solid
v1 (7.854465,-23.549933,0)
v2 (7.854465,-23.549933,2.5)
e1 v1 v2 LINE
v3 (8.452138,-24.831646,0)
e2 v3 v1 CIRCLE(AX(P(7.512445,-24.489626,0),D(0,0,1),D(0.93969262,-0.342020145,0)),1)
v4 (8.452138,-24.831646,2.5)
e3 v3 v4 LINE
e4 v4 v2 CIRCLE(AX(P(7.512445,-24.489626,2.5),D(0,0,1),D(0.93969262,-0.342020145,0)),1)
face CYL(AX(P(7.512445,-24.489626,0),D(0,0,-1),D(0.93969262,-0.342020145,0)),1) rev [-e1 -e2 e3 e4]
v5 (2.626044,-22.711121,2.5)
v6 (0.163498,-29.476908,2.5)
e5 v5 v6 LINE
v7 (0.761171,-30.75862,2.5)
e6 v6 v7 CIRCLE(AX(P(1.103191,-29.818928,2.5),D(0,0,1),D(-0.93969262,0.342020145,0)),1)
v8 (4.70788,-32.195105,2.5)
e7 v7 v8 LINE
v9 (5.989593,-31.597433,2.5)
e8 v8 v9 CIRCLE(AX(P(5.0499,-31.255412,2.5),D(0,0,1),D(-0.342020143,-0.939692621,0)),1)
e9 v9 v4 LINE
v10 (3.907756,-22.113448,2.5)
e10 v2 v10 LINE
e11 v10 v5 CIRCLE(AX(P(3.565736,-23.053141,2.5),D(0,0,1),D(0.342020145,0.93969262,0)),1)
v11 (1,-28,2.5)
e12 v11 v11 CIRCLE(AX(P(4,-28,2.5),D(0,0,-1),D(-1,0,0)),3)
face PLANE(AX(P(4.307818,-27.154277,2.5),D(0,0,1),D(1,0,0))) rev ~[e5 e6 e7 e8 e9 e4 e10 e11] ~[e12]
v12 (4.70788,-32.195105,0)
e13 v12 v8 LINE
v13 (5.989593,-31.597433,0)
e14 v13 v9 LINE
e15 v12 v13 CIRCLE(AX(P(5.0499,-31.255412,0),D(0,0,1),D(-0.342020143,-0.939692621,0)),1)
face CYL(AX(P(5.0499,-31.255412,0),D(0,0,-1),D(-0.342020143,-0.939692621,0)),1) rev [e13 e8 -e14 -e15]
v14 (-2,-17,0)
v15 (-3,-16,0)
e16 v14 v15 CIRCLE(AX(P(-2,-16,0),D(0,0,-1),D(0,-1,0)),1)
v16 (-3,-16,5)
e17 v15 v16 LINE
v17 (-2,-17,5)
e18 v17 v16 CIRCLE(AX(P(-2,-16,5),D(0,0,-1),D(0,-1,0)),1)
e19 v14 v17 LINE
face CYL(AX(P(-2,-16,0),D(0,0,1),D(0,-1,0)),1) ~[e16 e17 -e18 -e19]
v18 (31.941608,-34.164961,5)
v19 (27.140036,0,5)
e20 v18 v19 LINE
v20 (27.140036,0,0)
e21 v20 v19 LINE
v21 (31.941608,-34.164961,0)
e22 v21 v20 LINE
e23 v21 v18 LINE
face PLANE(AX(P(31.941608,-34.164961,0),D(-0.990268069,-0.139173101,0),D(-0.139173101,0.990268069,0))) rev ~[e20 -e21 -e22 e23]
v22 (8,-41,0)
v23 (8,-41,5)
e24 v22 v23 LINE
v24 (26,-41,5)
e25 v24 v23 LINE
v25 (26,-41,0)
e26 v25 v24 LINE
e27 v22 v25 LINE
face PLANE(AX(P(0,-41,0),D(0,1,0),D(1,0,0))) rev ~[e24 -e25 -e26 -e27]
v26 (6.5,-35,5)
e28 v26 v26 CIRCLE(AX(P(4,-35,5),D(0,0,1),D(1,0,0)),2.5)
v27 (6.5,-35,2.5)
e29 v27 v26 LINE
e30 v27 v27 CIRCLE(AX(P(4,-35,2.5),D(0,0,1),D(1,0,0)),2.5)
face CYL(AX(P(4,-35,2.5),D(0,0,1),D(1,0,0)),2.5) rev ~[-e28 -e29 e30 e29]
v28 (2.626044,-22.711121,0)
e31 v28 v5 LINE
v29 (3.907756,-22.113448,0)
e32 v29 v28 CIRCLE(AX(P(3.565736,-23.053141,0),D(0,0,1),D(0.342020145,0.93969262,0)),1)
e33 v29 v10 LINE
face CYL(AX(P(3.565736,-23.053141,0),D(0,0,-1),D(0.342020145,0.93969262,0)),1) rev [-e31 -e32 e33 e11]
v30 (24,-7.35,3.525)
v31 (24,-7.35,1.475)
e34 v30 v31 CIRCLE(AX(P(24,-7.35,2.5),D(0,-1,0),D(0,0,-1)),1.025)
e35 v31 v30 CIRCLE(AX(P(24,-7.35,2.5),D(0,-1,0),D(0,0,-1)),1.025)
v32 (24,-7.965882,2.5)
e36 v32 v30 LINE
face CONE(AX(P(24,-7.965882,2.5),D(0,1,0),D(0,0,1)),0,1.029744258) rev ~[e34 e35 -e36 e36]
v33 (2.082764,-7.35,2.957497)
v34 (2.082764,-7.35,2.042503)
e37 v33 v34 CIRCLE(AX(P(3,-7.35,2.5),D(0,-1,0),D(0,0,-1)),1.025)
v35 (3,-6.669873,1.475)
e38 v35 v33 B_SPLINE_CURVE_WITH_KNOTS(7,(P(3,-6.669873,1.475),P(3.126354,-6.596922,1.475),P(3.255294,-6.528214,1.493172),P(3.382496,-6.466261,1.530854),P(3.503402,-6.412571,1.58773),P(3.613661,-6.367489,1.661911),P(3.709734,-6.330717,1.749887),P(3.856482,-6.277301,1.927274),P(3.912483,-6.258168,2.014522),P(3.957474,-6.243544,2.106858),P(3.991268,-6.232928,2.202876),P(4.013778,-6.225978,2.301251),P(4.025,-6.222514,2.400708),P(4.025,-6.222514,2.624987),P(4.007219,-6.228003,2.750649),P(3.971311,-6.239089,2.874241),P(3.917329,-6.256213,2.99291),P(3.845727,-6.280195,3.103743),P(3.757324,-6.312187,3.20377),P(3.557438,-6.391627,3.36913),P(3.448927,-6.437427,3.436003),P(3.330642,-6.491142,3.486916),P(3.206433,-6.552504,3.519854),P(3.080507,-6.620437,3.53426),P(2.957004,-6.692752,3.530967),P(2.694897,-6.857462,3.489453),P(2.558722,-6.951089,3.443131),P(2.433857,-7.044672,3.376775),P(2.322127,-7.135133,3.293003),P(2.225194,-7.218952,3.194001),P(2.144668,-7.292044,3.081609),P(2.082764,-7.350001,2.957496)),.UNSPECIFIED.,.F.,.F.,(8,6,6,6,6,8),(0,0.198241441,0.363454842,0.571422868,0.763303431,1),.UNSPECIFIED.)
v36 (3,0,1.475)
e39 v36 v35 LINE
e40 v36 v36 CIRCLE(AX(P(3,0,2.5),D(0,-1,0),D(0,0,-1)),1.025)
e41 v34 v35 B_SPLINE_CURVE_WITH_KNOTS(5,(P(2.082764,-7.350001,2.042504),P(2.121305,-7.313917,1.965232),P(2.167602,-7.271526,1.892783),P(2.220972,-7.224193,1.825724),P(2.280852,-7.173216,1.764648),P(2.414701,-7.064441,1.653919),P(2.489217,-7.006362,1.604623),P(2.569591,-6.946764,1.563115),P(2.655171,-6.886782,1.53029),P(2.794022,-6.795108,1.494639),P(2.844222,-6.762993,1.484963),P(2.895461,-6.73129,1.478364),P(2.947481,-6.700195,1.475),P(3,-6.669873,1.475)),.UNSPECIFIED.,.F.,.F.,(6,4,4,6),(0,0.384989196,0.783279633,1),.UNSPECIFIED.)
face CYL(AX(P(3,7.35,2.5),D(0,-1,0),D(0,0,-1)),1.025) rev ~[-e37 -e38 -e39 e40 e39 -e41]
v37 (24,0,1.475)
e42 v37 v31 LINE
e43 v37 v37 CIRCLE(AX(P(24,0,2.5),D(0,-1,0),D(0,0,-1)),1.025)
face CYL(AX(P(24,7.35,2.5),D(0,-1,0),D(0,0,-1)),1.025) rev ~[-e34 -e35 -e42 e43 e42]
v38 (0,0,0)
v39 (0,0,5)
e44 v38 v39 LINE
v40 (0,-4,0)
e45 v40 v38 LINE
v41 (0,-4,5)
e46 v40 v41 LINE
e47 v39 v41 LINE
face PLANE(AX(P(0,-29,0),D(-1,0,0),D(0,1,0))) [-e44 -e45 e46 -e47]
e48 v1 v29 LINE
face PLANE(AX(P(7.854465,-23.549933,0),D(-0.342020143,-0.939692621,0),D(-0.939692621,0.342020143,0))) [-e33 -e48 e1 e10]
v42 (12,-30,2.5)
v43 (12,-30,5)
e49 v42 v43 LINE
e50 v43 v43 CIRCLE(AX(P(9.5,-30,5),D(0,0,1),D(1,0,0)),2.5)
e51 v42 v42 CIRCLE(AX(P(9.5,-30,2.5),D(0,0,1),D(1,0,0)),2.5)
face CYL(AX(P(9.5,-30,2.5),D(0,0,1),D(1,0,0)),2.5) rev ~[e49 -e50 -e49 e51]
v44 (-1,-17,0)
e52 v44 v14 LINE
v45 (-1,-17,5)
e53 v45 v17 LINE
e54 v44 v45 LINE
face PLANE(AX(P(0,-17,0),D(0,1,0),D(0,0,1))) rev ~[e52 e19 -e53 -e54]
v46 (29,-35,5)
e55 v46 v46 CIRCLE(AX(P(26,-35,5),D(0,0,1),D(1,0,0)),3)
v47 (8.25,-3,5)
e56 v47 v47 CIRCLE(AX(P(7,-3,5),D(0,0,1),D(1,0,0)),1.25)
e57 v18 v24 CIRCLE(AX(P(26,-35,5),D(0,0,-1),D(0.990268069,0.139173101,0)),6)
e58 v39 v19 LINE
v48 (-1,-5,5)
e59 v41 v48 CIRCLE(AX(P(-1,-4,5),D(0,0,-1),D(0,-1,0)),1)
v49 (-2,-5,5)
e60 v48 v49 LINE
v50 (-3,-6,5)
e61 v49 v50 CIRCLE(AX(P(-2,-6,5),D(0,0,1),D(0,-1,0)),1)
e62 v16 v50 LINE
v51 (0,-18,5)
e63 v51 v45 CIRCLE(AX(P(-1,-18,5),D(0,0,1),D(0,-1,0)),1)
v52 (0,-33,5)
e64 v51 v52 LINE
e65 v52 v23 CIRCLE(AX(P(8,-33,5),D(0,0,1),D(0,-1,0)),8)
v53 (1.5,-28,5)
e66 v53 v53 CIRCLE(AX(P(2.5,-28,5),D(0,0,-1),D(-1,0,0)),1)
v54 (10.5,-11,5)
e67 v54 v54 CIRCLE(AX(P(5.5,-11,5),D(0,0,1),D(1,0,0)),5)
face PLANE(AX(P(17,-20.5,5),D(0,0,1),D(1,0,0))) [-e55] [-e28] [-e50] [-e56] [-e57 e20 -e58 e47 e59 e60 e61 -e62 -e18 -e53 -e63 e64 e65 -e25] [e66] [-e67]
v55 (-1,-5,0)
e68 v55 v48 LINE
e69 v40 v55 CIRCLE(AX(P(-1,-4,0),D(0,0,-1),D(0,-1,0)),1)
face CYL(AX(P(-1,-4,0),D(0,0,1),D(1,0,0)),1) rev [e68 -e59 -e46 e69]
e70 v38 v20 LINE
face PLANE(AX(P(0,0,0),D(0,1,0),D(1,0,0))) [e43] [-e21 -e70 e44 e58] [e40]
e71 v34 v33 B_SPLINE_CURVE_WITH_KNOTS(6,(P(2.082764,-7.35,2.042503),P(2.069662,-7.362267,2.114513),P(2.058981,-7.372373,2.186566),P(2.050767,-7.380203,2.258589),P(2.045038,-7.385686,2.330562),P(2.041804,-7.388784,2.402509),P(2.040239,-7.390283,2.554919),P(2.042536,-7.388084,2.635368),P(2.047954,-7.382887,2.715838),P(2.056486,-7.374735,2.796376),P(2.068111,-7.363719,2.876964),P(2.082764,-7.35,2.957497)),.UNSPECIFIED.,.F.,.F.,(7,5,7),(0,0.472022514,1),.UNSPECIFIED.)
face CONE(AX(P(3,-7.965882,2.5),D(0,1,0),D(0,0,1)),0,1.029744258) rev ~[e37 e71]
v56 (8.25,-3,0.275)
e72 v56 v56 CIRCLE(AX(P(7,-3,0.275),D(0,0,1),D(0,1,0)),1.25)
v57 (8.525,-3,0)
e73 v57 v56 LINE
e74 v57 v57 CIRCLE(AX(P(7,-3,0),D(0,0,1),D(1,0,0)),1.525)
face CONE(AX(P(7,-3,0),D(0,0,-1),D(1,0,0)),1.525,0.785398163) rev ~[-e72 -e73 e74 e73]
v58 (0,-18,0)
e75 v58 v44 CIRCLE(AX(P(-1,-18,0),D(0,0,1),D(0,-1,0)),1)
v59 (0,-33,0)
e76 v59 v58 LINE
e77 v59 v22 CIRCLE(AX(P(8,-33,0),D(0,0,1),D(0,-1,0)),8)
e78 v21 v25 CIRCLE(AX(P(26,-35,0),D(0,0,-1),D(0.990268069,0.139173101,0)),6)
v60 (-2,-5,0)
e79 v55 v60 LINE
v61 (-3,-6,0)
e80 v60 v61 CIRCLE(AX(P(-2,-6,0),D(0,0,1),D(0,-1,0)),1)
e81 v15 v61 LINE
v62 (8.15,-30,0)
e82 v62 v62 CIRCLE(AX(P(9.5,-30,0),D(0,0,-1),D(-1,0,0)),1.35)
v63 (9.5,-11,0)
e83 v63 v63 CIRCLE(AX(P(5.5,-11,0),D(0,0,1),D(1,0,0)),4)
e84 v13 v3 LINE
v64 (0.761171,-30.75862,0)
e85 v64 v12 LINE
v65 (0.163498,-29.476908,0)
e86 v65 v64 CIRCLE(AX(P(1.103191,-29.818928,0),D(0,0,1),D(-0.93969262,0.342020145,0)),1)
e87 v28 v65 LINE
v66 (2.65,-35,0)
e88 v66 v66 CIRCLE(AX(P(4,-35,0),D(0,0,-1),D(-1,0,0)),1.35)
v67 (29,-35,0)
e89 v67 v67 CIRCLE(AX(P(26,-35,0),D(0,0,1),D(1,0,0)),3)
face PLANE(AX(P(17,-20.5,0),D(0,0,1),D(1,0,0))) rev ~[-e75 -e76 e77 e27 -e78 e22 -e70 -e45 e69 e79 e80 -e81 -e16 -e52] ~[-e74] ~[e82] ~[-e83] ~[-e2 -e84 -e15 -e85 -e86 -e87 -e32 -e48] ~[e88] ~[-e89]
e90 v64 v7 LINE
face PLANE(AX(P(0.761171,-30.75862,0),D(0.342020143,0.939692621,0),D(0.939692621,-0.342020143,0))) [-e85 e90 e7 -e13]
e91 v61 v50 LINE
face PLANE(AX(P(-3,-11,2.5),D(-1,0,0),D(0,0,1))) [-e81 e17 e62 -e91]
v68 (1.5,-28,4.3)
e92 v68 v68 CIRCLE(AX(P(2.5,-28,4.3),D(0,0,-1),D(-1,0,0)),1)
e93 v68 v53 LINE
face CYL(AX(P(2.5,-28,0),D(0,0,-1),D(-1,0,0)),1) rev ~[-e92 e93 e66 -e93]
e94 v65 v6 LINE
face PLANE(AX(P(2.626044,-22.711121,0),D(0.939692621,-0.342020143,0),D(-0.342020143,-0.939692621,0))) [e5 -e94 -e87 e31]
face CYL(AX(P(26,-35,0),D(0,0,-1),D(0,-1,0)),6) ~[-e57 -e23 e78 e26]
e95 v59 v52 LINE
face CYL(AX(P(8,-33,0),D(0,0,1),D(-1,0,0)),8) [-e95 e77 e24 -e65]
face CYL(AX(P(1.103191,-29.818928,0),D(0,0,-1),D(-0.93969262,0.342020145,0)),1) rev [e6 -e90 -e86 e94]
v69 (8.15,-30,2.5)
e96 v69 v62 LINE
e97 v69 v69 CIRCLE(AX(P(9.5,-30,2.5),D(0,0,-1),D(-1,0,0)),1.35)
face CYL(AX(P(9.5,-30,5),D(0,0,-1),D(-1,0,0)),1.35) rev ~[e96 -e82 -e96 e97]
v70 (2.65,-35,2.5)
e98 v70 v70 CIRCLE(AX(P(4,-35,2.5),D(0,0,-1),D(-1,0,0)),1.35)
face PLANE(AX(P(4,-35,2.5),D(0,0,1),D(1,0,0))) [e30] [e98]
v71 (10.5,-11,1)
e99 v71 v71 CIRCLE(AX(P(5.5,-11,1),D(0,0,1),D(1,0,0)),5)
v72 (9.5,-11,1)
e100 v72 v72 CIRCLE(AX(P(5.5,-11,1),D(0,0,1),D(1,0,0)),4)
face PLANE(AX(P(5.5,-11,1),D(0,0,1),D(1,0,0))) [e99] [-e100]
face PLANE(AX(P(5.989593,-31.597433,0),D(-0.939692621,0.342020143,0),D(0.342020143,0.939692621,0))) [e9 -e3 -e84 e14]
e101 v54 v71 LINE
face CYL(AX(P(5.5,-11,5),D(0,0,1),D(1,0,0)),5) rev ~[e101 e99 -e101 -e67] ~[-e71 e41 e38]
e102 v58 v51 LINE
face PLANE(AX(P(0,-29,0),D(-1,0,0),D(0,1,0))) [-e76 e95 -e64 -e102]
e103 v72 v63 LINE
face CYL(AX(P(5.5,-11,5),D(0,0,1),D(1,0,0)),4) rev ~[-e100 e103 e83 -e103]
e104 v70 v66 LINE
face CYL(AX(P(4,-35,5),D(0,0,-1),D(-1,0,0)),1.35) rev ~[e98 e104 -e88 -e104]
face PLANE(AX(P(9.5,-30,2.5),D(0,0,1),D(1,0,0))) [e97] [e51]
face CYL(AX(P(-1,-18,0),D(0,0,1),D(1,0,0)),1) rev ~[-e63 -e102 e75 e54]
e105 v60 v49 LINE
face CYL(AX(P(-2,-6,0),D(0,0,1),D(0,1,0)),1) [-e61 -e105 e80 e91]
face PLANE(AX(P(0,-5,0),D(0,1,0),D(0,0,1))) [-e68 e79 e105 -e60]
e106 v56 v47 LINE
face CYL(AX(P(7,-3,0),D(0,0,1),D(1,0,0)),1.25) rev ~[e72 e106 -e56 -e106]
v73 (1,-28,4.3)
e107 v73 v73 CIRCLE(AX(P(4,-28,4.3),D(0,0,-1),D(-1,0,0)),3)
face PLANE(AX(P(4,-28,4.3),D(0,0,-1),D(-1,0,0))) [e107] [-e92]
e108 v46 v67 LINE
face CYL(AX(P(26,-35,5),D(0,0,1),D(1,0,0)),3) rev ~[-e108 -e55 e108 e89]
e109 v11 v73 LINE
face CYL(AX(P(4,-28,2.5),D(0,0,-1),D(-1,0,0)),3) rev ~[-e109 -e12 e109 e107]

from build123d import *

# Parameters (mm, degrees)
SKETCH_1_W                                           = 34
SKETCH_1_H                                           = 41
EXTRUDE_1_DEPTH                                      = 5
FILLET_1_R                                           = 8
SKETCH_2_R                                           = 3
CUT_EXTRUDE_2_DEPTH                                  = 5
SKETCH_3_R                                           = 4
CUT_EXTRUDE_3_DEPTH                                  = 5
SKETCH_4_R                                           = 5
CUT_EXTRUDE_4_DEPTH                                  = 4
HOLE_WIZARD_M2_5_1_D                                 = 2.05
HOLE_WIZARD_M2_5_1_DEPTH                             = 7.35
HOLE_WIZARD_M2_5_1_TIP                               = 0.615882135
CUT_EXTRUDE_5_DEPTH                                  = 5
EXTRUDE1_DEPTH                                       = 5
SKETCH_8_R                                           = 1
CUT_EXTRUDE_6_DEPTH                                  = 5
CUT_EXTRUDE_7_DEPTH                                  = 2.5
SKETCH_10_R                                          = 3
CUT_EXTRUDE_8_DEPTH                                  = 1.8
CBORE_FOR_M2_5_HEXAGON_SOCKET_HEAD_CAP_S_D           = 2.7
CBORE_FOR_M2_5_HEXAGON_SOCKET_HEAD_CAP_S_CBORE_D     = 5
CBORE_FOR_M2_5_HEXAGON_SOCKET_HEAD_CAP_S_CBORE_DEPTH = 2.5
CBORE_FOR_M2_5_HEXAGON_SOCKET_HEAD_C_2_D             = 2.7
CBORE_FOR_M2_5_HEXAGON_SOCKET_HEAD_C_2_CBORE_D       = 5
CBORE_FOR_M2_5_HEXAGON_SOCKET_HEAD_C_2_CBORE_DEPTH   = 2.5
SKETCH_20_W                                          = 5
SKETCH_20_H                                          = 12
EXTRUDE_1_2_DEPTH                                    = 3
FILLET_2_R                                           = 1
M3X0_5_1_D                                           = 2.5
M3X0_5_1_CSINK_D                                     = 3.05
M3X0_5_1_CSINK_ANGLE                                 = 90


with BuildPart() as part:
    # 草图1 → Extrude 1 (new body)
    with BuildSketch(Plane.XY):
        with Locations((17, -20.5)):
            Rectangle(SKETCH_1_W, SKETCH_1_H)
    extrude(amount=EXTRUDE_1_DEPTH)

    # 圆角1
    fillet_1_edges = [part.edges().sort_by_distance(p)[0] for p in [
        (0, -41, 2.5),
    ]]
    fillet(fillet_1_edges, radius=FILLET_1_R)

    # 草图2 → 拉伸2 (cut)
    with BuildSketch(Plane.XY.offset(5)):
        with Locations((26, -35)):
            Circle(SKETCH_2_R)
    extrude(amount=-CUT_EXTRUDE_2_DEPTH, mode=Mode.SUBTRACT)

    # 草图3 → 拉伸3 (cut)
    with BuildSketch(Plane.XY.offset(5)):
        with Locations((5.5, -11)):
            Circle(SKETCH_3_R)
    extrude(amount=-CUT_EXTRUDE_3_DEPTH, mode=Mode.SUBTRACT)

    # 草图4 → 拉伸4 (cut)
    with BuildSketch(Plane.XY.offset(5)):
        with Locations((5.5, -11)):
            Circle(SKETCH_4_R)
    extrude(amount=-CUT_EXTRUDE_4_DEPTH, mode=Mode.SUBTRACT)

    # M2.5 螺纹孔1
    with Locations(Plane(origin=(3, 0, 2.5), x_dir=(0, 0, 1), z_dir=(0, 1, 0))):
        with Locations((0, 0), (0, 21)):
            Hole(HOLE_WIZARD_M2_5_1_D / 2, depth=HOLE_WIZARD_M2_5_1_DEPTH)
            with Locations((0, 0, -(HOLE_WIZARD_M2_5_1_DEPTH + HOLE_WIZARD_M2_5_1_TIP / 2))):  # 118° drill point
                Cone(0, HOLE_WIZARD_M2_5_1_D / 2, HOLE_WIZARD_M2_5_1_TIP, mode=Mode.SUBTRACT)

    # 草图7 → 拉伸5 (cut)
    with BuildSketch(Plane(origin=(0, 0, 0), x_dir=(-1, 0, 0), z_dir=(0, 0, -1))):
        with BuildLine():
            Line((-31.941608412, -34.164961394), (-27.140036221, 0))
            Line((-27.140036221, 0), (-34, 0))
            Line((-34, 0), (-34, -41))
            Line((-34, -41), (-26, -41))
            ThreePointArc((-26, -41), (-30.528257481, -38.936354174), (-31.941608412, -34.164961394))
        make_face()
    extrude(amount=-CUT_EXTRUDE_5_DEPTH, mode=Mode.SUBTRACT)

    # Sketch1 → Extrude1 (add)
    with BuildSketch(Plane(origin=(0, 0, 0), x_dir=(-1, 0, 0), z_dir=(0, 0, -1))):
        with BuildLine():
            Line((-26, -41), (-12, -41))
            ThreePointArc((-12, -41), (-3.514718626, -37.485281374), (0, -29))
            Line((0, -29), (0, -28.019790857))
            Line((0, -28.019790857), (-29.441458618, -39.914912266))
            ThreePointArc((-29.441458618, -39.914912266), (-27.804234797, -40.722301704), (-26, -41))
        make_face()
    extrude(amount=-EXTRUDE1_DEPTH)

    # 草图8 → 拉伸6 (cut)
    with BuildSketch(Plane(origin=(0, 0, 0), x_dir=(-1, 0, 0), z_dir=(0, 0, -1))):
        with Locations((-2.5, -28)):
            Circle(SKETCH_8_R)
    extrude(amount=-CUT_EXTRUDE_6_DEPTH, mode=Mode.SUBTRACT)

    # 草图9 → 拉伸7 (cut)
    with BuildSketch(Plane(origin=(0, 0, 0), x_dir=(-1, 0, 0), z_dir=(0, 0, -1))):
        with BuildLine():
            Line((-0.761170966, -30.758620396), (-4.707879973, -32.195104998))
            ThreePointArc((-4.707879973, -32.195104998), (-5.472518378, -32.161720164), (-5.989592737, -31.59743252))
            Line((-5.989592737, -31.59743252), (-8.452137769, -24.831645651))
            ThreePointArc((-8.452137769, -24.831645651), (-8.418752936, -24.067007246), (-7.854465292, -23.549932887))
            Line((-7.854465292, -23.549932887), (-3.907756285, -22.113448285))
            ThreePointArc((-3.907756285, -22.113448285), (-3.14311788, -22.146833118), (-2.626043521, -22.711120762))
            Line((-2.626043521, -22.711120762), (-0.163498489, -29.476907632))
            ThreePointArc((-0.163498489, -29.476907632), (-0.196883322, -30.241546037), (-0.761170966, -30.758620396))
        make_face()
    extrude(amount=-CUT_EXTRUDE_7_DEPTH, mode=Mode.SUBTRACT)

    # 草图10 → 拉伸8 (cut)
    with BuildSketch(Plane(origin=(0, 0, 2.5), x_dir=(-1, 0, 0), z_dir=(0, 0, -1))):
        with Locations((-4, -28)):
            Circle(SKETCH_10_R)
    extrude(amount=-CUT_EXTRUDE_8_DEPTH, mode=Mode.SUBTRACT)

    # CBORE for M2.5 Hexagon socket head cap s (through all)
    with Locations(Plane(origin=(4, -35, 5), x_dir=(1, 0, 0), z_dir=(0, 0, 1))):
        with Locations((0, 0)):
            CounterBoreHole(CBORE_FOR_M2_5_HEXAGON_SOCKET_HEAD_CAP_S_D / 2, CBORE_FOR_M2_5_HEXAGON_SOCKET_HEAD_CAP_S_CBORE_D / 2, CBORE_FOR_M2_5_HEXAGON_SOCKET_HEAD_CAP_S_CBORE_DEPTH)

    # CBORE for M2.5 Hexagon socket head c 2 (through all)
    with Locations(Plane(origin=(9.5, -30, 5), x_dir=(1, 0, 0), z_dir=(0, 0, 1))):
        with Locations((0, 0)):
            CounterBoreHole(CBORE_FOR_M2_5_HEXAGON_SOCKET_HEAD_C_2_D / 2, CBORE_FOR_M2_5_HEXAGON_SOCKET_HEAD_C_2_CBORE_D / 2, CBORE_FOR_M2_5_HEXAGON_SOCKET_HEAD_C_2_CBORE_DEPTH)

    # 草图20 → Extrude 1 2 (add)
    with BuildSketch(Plane.ZY):
        with Locations((2.5, -11)):
            Rectangle(SKETCH_20_W, SKETCH_20_H)
    extrude(amount=EXTRUDE_1_2_DEPTH)

    # 圆角2
    fillet_2_edges = [part.edges().sort_by_distance(p)[0] for p in [
        (0, -17, 2.5),
        (0, -5, 2.5),
        (-3, -17, 2.5),
        (-3, -5, 2.5),
    ]]
    fillet(fillet_2_edges, radius=FILLET_2_R)

    # M3x0.5 螺纹孔1 (through all)
    with Locations(Plane(origin=(7, -3, 0), x_dir=(-1, 0, 0), z_dir=(0, 0, -1))):
        with Locations((0, 0)):
            CounterSinkHole(M3X0_5_1_D / 2, M3X0_5_1_CSINK_D / 2, counter_sink_angle=M3X0_5_1_CSINK_ANGLE)


solid = part.part
